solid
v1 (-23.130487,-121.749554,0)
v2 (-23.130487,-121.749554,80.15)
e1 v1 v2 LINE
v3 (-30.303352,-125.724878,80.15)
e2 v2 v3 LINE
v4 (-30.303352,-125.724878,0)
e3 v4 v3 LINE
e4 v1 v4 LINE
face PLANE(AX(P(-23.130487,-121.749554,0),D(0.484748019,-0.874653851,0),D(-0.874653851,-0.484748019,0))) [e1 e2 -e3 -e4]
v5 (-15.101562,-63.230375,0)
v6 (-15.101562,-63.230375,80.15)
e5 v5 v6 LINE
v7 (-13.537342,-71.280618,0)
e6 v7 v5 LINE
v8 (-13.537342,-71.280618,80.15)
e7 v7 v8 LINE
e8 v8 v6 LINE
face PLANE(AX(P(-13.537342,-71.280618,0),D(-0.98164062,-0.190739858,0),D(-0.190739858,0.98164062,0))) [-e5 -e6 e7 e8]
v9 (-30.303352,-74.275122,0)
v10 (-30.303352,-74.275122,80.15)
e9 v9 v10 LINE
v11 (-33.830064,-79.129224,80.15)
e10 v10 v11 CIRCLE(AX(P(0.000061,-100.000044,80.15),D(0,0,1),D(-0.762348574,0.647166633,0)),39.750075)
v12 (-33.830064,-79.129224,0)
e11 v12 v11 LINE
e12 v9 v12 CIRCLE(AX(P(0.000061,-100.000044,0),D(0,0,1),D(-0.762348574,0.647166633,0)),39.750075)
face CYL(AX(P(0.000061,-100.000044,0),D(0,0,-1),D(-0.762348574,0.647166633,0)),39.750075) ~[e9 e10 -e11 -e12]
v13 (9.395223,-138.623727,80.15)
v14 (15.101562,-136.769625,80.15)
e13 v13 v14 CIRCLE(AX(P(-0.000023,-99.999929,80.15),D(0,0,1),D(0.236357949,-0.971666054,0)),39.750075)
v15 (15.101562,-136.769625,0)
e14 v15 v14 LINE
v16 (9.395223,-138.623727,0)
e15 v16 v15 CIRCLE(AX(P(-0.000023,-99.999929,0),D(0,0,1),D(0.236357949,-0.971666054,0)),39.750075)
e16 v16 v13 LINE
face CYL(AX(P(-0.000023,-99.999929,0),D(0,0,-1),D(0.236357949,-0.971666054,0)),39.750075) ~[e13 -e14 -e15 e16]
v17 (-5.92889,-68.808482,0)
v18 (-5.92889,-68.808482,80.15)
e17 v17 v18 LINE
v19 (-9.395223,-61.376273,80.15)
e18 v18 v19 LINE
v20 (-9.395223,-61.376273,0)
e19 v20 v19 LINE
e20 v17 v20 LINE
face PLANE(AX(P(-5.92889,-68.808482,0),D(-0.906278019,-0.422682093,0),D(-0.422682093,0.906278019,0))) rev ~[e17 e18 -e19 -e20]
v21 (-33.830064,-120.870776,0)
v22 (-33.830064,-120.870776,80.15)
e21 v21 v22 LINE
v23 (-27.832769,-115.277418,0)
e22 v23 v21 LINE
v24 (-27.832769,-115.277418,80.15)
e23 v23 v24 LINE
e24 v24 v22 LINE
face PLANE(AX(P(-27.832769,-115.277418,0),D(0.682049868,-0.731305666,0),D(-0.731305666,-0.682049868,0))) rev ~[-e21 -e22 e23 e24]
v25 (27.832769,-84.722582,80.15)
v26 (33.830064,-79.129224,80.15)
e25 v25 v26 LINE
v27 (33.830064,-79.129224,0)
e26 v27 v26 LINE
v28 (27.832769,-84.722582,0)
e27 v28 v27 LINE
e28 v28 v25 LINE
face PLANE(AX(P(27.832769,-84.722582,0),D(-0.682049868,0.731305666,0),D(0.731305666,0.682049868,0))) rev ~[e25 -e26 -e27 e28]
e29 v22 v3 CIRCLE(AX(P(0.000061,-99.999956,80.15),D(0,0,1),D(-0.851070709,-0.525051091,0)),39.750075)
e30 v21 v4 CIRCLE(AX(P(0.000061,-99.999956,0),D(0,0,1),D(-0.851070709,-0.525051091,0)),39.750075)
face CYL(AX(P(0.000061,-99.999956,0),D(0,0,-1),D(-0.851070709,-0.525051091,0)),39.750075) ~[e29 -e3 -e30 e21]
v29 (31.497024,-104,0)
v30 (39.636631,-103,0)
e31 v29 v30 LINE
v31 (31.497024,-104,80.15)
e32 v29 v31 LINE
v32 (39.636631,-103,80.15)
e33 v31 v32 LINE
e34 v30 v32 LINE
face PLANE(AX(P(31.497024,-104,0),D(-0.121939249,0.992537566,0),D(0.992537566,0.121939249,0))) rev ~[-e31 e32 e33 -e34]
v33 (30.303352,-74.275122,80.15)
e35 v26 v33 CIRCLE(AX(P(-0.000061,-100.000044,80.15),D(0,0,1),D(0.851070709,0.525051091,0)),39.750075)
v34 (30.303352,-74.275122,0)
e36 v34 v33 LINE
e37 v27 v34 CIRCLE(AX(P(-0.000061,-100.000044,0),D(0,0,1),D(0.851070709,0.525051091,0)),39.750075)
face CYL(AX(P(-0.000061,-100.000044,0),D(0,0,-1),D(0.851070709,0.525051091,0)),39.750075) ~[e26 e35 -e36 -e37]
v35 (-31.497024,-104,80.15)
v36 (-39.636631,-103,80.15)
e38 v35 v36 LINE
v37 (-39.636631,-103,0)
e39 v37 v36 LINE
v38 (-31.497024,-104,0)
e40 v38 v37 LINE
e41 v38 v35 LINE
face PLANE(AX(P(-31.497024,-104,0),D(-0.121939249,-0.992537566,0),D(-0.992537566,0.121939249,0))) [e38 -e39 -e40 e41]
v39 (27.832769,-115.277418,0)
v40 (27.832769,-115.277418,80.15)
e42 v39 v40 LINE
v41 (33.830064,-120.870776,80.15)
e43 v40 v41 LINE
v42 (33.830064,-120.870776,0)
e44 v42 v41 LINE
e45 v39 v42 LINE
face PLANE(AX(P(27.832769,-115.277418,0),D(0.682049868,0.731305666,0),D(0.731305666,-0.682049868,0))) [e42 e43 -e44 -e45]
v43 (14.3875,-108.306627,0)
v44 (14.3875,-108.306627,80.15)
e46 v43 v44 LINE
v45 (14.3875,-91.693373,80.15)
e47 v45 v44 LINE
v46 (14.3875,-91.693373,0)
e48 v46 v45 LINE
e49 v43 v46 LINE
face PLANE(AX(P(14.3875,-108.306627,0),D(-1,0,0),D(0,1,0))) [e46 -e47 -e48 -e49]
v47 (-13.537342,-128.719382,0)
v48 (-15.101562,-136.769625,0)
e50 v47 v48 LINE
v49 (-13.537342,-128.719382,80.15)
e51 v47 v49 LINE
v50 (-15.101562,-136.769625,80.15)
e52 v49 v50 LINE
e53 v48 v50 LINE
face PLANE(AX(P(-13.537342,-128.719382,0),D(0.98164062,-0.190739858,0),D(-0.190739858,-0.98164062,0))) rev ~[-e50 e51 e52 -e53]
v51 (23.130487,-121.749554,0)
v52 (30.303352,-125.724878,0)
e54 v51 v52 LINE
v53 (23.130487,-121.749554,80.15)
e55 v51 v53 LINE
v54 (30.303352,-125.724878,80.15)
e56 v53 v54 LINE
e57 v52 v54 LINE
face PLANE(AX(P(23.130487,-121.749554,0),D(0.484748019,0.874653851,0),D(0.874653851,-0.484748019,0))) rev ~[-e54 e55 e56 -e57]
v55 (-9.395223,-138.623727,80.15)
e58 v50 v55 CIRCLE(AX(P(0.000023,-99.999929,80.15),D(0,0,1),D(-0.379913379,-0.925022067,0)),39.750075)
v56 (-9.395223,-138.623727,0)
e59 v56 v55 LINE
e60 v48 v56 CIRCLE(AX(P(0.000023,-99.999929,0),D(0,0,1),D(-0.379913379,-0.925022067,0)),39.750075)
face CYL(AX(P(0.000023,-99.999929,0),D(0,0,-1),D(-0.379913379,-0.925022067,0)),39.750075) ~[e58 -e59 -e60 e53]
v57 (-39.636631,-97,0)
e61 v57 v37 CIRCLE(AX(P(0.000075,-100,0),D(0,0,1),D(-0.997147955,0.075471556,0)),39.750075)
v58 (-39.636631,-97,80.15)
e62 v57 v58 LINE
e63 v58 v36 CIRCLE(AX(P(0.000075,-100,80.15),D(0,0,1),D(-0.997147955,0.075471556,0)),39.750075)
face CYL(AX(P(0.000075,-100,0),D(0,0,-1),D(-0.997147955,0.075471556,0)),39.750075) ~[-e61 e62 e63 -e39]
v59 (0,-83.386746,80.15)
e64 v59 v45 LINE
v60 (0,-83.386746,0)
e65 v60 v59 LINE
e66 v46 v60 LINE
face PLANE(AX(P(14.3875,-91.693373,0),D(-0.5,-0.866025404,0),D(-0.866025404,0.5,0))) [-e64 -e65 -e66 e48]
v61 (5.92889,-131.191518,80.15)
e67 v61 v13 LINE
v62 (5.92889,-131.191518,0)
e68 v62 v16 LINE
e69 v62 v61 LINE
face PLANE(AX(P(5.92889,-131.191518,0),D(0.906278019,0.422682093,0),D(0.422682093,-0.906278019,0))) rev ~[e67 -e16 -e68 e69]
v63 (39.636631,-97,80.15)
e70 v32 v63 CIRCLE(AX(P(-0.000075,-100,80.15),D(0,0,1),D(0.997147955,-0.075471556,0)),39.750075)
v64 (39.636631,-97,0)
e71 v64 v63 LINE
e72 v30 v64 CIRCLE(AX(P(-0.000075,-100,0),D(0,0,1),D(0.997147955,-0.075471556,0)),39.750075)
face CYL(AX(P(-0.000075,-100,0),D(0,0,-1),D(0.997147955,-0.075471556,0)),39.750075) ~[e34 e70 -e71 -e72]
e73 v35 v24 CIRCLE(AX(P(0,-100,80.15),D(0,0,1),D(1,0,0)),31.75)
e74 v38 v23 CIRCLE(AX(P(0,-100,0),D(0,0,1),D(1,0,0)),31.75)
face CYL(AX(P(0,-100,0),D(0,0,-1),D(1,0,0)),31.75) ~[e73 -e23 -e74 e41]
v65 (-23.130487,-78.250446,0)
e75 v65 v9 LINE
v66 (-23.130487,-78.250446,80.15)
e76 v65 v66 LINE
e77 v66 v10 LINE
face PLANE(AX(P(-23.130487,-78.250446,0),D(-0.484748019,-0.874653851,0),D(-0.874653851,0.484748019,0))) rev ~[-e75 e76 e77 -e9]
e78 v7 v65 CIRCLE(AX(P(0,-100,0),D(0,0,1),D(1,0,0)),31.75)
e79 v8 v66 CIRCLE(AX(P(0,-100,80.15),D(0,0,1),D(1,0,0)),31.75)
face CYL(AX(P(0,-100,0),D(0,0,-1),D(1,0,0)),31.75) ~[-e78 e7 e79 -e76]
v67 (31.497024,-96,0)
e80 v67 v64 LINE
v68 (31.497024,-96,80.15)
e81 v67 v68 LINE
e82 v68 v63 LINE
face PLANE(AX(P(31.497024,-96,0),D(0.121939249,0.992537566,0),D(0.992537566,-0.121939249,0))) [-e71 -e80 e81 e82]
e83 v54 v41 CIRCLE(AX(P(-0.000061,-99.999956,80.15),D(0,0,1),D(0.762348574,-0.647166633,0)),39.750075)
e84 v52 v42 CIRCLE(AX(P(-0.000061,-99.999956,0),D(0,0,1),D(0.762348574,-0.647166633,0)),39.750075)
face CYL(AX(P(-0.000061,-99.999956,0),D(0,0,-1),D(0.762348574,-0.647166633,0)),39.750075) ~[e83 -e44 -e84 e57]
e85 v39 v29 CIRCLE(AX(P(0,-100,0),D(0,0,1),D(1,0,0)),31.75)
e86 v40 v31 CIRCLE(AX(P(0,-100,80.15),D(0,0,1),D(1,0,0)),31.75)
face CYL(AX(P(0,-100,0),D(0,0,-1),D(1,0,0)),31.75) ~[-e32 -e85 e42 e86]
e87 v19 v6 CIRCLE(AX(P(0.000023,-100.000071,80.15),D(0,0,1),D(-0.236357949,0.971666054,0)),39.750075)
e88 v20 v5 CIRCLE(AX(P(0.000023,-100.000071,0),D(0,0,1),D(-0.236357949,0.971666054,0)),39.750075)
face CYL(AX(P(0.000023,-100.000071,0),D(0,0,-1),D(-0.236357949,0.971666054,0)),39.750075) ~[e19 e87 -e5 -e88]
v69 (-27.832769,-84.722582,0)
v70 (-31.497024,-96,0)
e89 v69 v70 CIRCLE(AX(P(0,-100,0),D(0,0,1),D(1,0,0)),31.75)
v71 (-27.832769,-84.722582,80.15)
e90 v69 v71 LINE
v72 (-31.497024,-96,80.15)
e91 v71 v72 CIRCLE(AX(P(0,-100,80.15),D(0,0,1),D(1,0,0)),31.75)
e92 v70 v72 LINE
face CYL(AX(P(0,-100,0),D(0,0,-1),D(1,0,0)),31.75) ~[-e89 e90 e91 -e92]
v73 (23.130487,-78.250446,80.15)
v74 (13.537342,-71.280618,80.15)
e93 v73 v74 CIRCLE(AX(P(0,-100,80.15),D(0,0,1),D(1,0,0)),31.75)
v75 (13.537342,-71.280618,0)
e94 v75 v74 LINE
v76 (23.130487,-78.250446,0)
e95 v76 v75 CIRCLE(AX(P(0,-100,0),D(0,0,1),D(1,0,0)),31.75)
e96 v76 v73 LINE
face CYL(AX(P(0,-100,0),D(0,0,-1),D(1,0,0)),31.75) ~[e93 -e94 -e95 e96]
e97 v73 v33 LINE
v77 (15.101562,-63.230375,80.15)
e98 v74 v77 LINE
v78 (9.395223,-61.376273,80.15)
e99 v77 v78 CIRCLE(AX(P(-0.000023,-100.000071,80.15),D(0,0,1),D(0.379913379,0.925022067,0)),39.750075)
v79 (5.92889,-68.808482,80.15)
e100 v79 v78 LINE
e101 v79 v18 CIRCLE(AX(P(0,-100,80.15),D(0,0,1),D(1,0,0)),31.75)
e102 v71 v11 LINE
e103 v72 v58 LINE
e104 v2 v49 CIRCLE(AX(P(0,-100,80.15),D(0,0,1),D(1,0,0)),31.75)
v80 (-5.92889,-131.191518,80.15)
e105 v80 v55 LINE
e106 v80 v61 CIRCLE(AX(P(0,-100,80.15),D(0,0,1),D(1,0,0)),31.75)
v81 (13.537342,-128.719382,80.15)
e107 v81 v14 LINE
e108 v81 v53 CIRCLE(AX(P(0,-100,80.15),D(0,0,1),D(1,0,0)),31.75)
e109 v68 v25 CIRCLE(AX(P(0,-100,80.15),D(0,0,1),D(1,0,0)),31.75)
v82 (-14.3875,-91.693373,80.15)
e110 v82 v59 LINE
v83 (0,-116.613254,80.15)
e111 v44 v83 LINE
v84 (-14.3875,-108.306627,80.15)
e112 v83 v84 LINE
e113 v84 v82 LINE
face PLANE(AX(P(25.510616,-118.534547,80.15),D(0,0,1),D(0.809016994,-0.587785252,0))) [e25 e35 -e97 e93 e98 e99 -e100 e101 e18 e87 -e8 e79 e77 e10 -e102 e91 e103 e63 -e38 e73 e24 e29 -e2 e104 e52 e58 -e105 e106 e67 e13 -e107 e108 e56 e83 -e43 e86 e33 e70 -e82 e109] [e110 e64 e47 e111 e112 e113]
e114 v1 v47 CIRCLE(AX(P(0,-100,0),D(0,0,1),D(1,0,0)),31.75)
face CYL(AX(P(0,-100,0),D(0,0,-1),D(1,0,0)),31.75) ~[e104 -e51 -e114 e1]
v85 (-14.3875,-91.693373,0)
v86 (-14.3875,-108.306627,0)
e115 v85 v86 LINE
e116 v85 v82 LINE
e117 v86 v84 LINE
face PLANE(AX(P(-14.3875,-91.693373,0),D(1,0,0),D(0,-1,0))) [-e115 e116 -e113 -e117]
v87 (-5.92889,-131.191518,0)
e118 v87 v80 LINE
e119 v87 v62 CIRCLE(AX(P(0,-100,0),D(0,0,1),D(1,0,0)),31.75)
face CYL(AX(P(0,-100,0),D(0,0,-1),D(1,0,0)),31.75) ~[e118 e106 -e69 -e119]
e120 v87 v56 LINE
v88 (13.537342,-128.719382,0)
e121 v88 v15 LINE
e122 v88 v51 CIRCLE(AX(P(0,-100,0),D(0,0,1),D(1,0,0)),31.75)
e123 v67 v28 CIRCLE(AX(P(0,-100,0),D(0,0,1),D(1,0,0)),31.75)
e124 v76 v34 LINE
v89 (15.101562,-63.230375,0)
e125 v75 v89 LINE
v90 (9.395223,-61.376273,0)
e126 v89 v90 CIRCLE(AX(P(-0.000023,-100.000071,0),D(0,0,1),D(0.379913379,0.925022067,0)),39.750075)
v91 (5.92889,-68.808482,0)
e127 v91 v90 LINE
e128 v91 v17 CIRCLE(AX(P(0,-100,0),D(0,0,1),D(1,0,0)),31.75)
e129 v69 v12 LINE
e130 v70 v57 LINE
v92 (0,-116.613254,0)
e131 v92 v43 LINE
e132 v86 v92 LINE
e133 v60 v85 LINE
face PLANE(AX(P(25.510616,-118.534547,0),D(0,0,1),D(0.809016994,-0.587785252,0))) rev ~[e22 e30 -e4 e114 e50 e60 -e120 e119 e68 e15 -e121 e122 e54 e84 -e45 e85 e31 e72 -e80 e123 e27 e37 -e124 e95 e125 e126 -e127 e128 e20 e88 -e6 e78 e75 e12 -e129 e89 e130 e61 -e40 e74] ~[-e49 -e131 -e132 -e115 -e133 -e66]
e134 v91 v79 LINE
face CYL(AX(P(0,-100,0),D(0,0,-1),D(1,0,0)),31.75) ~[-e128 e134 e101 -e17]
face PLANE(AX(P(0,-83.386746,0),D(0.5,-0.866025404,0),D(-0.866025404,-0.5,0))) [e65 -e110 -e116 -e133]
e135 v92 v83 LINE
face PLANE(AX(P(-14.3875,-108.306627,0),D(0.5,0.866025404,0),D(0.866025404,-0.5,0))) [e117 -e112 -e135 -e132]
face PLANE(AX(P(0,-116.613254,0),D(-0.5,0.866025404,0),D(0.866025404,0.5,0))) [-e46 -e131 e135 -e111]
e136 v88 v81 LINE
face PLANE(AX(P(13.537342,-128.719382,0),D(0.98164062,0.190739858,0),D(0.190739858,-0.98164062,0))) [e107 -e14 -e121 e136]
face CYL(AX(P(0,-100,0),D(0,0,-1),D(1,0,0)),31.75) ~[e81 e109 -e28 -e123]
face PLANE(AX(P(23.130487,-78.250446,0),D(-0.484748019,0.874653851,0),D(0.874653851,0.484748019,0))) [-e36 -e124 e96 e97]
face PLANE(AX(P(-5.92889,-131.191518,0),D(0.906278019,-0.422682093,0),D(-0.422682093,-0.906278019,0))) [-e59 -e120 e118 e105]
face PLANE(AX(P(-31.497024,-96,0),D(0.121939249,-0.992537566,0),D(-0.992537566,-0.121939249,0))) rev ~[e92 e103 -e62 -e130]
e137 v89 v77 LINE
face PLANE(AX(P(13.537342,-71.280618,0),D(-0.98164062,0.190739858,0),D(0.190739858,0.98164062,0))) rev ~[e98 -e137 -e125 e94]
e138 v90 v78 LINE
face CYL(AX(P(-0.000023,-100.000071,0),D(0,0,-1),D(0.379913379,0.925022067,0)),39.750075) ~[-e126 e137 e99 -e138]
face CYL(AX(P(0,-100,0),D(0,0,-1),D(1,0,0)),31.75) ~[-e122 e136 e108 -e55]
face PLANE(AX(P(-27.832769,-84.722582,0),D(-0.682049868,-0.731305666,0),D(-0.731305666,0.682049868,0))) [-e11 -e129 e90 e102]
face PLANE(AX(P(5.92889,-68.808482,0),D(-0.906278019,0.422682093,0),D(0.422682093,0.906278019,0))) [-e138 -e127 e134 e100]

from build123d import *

# Parameters (mm, degrees)
SKETCH011_R           = 31.75
PAD009_DEPTH          = 80.15
PAD010_DEPTH          = 80.15
POLARPATTERN006_COUNT = 10
POCKET010_DEPTH       = 80.151


with BuildPart() as part:
    # Sketch011 → Pad009 (new body)
    with BuildSketch(Plane.XY):
        Circle(SKETCH011_R)
    extrude(amount=PAD009_DEPTH)

    # Sketch009 → Pad010 (join)
    with BuildSketch(Plane.XY):
        with BuildLine():
            ThreePointArc((39.636631, -3), (39.75, 0), (39.636631, 3))
            Line((31.497024, 4), (39.636631, 3))
            Line((31.497024, 4), (21.166667, 0))
            Line((21.166667, 0), (31.497024, -4))
            Line((31.497024, -4), (39.636631, -3))
        make_face()
    pad010 = extrude(amount=PAD010_DEPTH)

    # PolarPattern006: Pad010 ×10 about axis
    polarpattern006_axis = Axis((0, 0, 0), (0, 0, 1))
    for i in range(1, POLARPATTERN006_COUNT):
        add(pad010.rotate(polarpattern006_axis, i * 360 / POLARPATTERN006_COUNT))

    # Sketch010 → Pocket010 (cut, through all)
    with BuildSketch(Plane.XY):
        Polygon((14.3875, 8.306627), (0, 16.613254), (-14.3875, 8.306627), (-14.3875, -8.306627), (0, -16.613254), (14.3875, -8.306627), align=None)
    extrude(amount=POCKET010_DEPTH, mode=Mode.SUBTRACT)


with BuildPart() as part_1:
    # Body024 placement: moved
    add(part.part.moved(Location((0, -100, 0))))


solid = part_1.part
